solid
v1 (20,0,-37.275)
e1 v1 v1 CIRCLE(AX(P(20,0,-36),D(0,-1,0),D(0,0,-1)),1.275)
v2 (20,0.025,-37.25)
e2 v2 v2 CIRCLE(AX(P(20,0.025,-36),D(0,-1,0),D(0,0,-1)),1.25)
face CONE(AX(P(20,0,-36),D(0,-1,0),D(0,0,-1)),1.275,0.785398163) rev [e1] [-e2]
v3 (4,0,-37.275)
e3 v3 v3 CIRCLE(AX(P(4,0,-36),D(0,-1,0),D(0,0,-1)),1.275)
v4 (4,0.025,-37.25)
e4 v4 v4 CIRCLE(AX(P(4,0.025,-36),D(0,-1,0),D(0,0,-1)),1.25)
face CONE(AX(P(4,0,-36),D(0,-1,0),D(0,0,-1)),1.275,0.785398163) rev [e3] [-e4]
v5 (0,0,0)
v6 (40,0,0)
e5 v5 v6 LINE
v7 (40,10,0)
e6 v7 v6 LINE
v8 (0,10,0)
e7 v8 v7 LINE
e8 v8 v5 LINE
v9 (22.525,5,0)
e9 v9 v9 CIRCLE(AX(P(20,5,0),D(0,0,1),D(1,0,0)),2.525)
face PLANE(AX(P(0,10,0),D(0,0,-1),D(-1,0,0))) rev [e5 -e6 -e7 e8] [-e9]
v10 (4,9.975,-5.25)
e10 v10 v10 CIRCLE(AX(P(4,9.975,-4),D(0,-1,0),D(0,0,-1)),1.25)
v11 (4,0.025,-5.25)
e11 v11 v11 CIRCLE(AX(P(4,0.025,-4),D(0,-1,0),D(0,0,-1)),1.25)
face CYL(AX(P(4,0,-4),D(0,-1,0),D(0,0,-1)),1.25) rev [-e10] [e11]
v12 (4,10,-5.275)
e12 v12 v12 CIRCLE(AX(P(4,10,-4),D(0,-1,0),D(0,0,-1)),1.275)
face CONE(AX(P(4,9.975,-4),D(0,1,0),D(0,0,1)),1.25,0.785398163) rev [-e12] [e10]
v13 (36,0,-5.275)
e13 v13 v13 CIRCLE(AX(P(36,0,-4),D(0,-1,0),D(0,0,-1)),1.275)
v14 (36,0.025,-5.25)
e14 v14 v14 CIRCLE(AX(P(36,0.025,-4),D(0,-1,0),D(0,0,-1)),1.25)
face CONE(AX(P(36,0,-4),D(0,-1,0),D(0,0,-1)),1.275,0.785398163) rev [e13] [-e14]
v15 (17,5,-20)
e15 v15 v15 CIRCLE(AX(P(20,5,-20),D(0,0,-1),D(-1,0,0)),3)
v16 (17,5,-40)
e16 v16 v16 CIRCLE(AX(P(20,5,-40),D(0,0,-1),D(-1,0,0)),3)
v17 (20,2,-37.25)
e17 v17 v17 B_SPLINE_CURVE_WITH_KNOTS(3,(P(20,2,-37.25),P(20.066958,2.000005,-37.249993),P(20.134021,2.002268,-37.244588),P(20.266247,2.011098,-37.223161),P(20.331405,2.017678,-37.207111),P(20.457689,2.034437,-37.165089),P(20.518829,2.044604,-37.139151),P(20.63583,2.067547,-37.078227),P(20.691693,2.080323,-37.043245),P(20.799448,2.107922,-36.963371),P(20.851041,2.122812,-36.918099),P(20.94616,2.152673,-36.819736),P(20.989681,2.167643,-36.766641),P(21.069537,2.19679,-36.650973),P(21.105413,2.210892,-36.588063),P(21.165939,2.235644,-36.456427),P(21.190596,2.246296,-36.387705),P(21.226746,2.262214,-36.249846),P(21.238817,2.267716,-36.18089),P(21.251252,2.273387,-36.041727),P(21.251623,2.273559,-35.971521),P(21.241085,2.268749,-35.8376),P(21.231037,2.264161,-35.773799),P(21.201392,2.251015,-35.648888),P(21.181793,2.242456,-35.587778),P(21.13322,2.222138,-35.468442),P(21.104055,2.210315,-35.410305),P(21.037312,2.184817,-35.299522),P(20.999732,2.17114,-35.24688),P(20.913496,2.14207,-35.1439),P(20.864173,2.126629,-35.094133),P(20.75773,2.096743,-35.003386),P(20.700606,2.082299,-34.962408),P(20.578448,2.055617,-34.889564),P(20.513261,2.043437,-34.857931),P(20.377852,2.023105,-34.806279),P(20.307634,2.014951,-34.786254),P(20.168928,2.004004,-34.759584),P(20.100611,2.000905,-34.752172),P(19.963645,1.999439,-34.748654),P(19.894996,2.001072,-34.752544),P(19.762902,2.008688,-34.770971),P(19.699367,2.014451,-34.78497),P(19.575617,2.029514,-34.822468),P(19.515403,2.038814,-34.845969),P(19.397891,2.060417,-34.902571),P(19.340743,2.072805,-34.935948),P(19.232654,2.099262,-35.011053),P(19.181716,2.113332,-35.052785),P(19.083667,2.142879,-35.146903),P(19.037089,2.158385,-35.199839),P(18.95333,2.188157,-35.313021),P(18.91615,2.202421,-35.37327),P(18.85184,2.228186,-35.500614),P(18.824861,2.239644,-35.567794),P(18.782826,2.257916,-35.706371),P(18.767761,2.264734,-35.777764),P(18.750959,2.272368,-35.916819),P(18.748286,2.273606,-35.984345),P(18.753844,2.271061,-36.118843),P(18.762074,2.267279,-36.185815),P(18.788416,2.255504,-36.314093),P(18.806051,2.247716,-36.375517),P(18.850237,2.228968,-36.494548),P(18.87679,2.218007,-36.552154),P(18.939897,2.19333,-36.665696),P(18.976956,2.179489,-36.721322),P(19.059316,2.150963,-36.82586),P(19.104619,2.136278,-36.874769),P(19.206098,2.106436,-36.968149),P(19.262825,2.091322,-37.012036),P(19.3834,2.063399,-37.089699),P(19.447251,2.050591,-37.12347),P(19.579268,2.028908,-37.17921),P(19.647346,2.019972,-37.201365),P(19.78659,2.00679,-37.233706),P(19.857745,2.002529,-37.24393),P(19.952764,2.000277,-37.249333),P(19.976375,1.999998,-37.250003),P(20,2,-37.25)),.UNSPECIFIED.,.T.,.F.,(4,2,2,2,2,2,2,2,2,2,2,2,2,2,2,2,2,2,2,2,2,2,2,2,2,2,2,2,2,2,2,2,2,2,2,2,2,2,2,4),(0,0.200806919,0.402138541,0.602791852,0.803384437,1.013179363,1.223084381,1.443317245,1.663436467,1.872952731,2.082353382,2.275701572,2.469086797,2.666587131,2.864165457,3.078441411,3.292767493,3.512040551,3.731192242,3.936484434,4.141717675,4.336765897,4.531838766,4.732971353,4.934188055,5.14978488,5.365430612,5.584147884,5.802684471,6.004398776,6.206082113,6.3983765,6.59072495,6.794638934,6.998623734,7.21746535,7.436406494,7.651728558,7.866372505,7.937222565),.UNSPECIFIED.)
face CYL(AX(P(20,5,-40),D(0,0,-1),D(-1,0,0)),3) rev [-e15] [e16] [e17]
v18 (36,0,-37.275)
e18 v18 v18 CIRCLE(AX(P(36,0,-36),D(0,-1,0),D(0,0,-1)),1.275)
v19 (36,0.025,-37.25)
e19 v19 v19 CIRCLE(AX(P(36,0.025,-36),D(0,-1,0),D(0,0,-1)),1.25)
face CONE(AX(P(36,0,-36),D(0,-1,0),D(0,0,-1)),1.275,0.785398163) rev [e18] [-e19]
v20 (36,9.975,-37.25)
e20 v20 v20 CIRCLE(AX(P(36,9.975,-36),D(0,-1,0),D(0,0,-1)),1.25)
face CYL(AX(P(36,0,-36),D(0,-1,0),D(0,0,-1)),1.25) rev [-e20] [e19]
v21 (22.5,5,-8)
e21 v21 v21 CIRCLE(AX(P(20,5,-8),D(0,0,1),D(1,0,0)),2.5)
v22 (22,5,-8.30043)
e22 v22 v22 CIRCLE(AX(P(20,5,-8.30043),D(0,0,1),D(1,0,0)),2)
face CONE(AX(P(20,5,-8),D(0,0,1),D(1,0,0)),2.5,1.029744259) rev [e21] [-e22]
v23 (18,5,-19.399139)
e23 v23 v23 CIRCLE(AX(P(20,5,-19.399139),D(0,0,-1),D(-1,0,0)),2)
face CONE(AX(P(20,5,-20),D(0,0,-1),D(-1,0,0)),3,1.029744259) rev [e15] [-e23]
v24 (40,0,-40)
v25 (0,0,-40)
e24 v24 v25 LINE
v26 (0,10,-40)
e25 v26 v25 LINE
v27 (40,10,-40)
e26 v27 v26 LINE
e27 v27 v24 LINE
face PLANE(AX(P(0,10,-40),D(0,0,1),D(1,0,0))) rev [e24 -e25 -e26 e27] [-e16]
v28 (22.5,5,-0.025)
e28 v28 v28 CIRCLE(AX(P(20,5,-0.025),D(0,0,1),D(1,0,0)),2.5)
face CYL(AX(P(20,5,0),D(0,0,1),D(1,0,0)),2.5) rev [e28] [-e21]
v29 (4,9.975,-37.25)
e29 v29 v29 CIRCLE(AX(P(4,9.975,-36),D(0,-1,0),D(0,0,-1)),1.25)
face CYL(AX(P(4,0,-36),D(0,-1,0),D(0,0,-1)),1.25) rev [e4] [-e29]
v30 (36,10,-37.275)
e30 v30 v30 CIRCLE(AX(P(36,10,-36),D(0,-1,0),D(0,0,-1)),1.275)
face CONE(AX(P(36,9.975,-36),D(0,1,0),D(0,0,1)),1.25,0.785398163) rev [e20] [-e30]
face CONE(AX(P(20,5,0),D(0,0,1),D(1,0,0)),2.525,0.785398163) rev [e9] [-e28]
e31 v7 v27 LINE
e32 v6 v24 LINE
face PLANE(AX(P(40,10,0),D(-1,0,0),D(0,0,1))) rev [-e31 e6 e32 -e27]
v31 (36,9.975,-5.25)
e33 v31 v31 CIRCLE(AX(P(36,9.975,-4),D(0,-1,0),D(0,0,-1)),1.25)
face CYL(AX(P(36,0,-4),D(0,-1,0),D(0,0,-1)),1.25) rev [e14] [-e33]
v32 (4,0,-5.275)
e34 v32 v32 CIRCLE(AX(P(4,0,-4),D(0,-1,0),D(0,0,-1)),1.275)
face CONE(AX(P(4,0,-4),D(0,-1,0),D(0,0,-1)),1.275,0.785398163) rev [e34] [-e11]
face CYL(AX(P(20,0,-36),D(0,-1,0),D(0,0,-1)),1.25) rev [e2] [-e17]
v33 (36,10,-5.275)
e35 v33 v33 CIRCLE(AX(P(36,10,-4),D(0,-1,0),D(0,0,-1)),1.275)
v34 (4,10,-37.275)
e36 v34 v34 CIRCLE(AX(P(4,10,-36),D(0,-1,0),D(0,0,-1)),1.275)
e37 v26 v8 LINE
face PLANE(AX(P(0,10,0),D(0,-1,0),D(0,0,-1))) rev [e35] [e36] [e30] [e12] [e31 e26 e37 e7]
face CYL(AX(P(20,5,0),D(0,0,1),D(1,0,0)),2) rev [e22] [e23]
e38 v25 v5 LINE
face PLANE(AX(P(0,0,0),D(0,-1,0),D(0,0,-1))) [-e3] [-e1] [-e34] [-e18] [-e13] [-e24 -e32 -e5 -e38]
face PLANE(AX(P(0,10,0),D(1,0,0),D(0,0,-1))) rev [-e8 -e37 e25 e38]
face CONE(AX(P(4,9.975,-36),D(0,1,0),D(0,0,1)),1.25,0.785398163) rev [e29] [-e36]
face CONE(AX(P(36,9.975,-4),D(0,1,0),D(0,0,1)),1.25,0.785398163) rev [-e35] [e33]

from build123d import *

# Parameters (mm, degrees)
ESQUISSE1_W                                         = 40
ESQUISSE1_H                                         = 40
BOSS_EXTRU_1_DEPTH                                  = 10
DIAM_TRE_DU_PER_AGE_4_0_4_1_D                       = 4
TROU_POUR_TARAUDAGE_POUR_TROU_TARAUD_M6_D           = 5
TROU_POUR_TARAUDAGE_POUR_TROU_TARAUD_M6_DEPTH       = 8
TROU_POUR_TARAUDAGE_POUR_TROU_TARAUD_M6_CSINK_D     = 5.05
TROU_POUR_TARAUDAGE_POUR_TROU_TARAUD_M6_CSINK_ANGLE = 90
TROU_POUR_TARAUDAGE_POUR_TROU_TARAUD_M6_TIP         = 1.502151548
DIAM_TRE_DU_PER_AGE_6_0_6_1_D                       = 6
DIAM_TRE_DU_PER_AGE_6_0_6_1_DEPTH                   = 20
DIAM_TRE_DU_PER_AGE_6_0_6_1_TIP                     = 1.802581857
TROU_POUR_TARAUDAGE_POUR_TROU_TARAUD_2_COUNT        = 2
TROU_POUR_TARAUDAGE_POUR_TROU_TARAUD_2_PITCH        = 32
TROU_POUR_TARAUDAGE_POUR_TROU_TARAUD_3_COUNT        = 2
TROU_POUR_TARAUDAGE_POUR_TROU_TARAUD_3_PITCH        = 45.254833996
TROU_POUR_TARAUDAGE_POUR_TROU_TARAUD_4_COUNT        = 2
TROU_POUR_TARAUDAGE_POUR_TROU_TARAUD_4_PITCH        = 32
TROU_POUR_TARAUDAGE_POUR_TROU_TARAUD_5_D            = 2.5
TROU_POUR_TARAUDAGE_POUR_TROU_TARAUD_5_DEPTH        = 5
TROU_POUR_TARAUDAGE_POUR_TROU_TARAUD_5_CSINK_D      = 2.55
TROU_POUR_TARAUDAGE_POUR_TROU_TARAUD_5_CSINK_ANGLE  = 90
TROU_POUR_TARAUDAGE_POUR_TROU_TARAUD_5_TIP          = 0.751075774


with BuildPart() as part:
    # Esquisse1 → Boss.-Extru.1 (new body)
    with BuildSketch(Plane(origin=(0, 0, 0), x_dir=(1, 0, 0), z_dir=(0, 1, 0))):
        with Locations((20, 20)):
            Rectangle(ESQUISSE1_W, ESQUISSE1_H)
    extrude(amount=BOSS_EXTRU_1_DEPTH)

    # Diamètre du perçage Ø4.0 (4)1 (through all)
    with Locations(Plane.XY):
        with Locations((20, 5)):
            Hole(DIAM_TRE_DU_PER_AGE_4_0_4_1_D / 2)

    # Trou pour taraudage pour trou taraudé M61
    with Locations(Plane.XY):
        with Locations((20, 5)):
            CounterSinkHole(TROU_POUR_TARAUDAGE_POUR_TROU_TARAUD_M6_D / 2, TROU_POUR_TARAUDAGE_POUR_TROU_TARAUD_M6_CSINK_D / 2, depth=TROU_POUR_TARAUDAGE_POUR_TROU_TARAUD_M6_DEPTH, counter_sink_angle=TROU_POUR_TARAUDAGE_POUR_TROU_TARAUD_M6_CSINK_ANGLE)
            with Locations((0, 0, -(TROU_POUR_TARAUDAGE_POUR_TROU_TARAUD_M6_DEPTH + TROU_POUR_TARAUDAGE_POUR_TROU_TARAUD_M6_TIP / 2))):  # 118° drill point
                Cone(0, TROU_POUR_TARAUDAGE_POUR_TROU_TARAUD_M6_D / 2, TROU_POUR_TARAUDAGE_POUR_TROU_TARAUD_M6_TIP, mode=Mode.SUBTRACT)

    # Diamètre du perçage Ø6.0 (6)1
    with Locations(Plane(origin=(0, 0, -40), x_dir=(-1, 0, 0), z_dir=(0, 0, -1))):
        with Locations((-20, 5)):
            Hole(DIAM_TRE_DU_PER_AGE_6_0_6_1_D / 2, depth=DIAM_TRE_DU_PER_AGE_6_0_6_1_DEPTH)
            with Locations((0, 0, -(DIAM_TRE_DU_PER_AGE_6_0_6_1_DEPTH + DIAM_TRE_DU_PER_AGE_6_0_6_1_TIP / 2))):  # 118° drill point
                Cone(0, DIAM_TRE_DU_PER_AGE_6_0_6_1_D / 2, DIAM_TRE_DU_PER_AGE_6_0_6_1_TIP, mode=Mode.SUBTRACT)

    # Esquisse17 → Trou pour taraudage pour trou taraud_ M3 (revolve, cut)
    with BuildSketch(Plane(origin=(4, 0, -4), x_dir=(0, 0, -1), z_dir=(1, 0, 0))):
        Polygon((0, 0), (0, 10), (1.275, 10), (1.25, 9.975), (1.25, 0.025), (1.275, 0), align=None)
    trou_pour_taraudage_pour_trou_taraud_m3 = revolve(axis=Axis((4, -6.35, -4), (0, 1, 0)), mode=Mode.SUBTRACT)

    # Trou pour taraudage pour trou taraud 2: Trou pour taraudage pour trou taraud_ M3 ×2
    with Locations(*[(i * TROU_POUR_TARAUDAGE_POUR_TROU_TARAUD_2_PITCH, 0, 0) for i in range(1, TROU_POUR_TARAUDAGE_POUR_TROU_TARAUD_2_COUNT)]):
        add(trou_pour_taraudage_pour_trou_taraud_m3, mode=Mode.SUBTRACT)

    # Trou pour taraudage pour trou taraud 3: Trou pour taraudage pour trou taraud_ M3 ×2
    with Locations(*[Vector(0.7071067811865475, 0, -0.7071067811865476) * (i * TROU_POUR_TARAUDAGE_POUR_TROU_TARAUD_3_PITCH) for i in range(1, TROU_POUR_TARAUDAGE_POUR_TROU_TARAUD_3_COUNT)]):
        add(trou_pour_taraudage_pour_trou_taraud_m3, mode=Mode.SUBTRACT)

    # Trou pour taraudage pour trou taraud 4: Trou pour taraudage pour trou taraud_ M3 ×2
    with Locations(*[(0, 0, -i * TROU_POUR_TARAUDAGE_POUR_TROU_TARAUD_4_PITCH) for i in range(1, TROU_POUR_TARAUDAGE_POUR_TROU_TARAUD_4_COUNT)]):
        add(trou_pour_taraudage_pour_trou_taraud_m3, mode=Mode.SUBTRACT)

    # Trou pour taraudage pour trou taraud 5
    with Locations(Plane(origin=(0, 0, 0), x_dir=(-1, 0, 0), z_dir=(0, -1, 0))):
        with Locations((-20, 36)):
            CounterSinkHole(TROU_POUR_TARAUDAGE_POUR_TROU_TARAUD_5_D / 2, TROU_POUR_TARAUDAGE_POUR_TROU_TARAUD_5_CSINK_D / 2, depth=TROU_POUR_TARAUDAGE_POUR_TROU_TARAUD_5_DEPTH, counter_sink_angle=TROU_POUR_TARAUDAGE_POUR_TROU_TARAUD_5_CSINK_ANGLE)
            with Locations((0, 0, -(TROU_POUR_TARAUDAGE_POUR_TROU_TARAUD_5_DEPTH + TROU_POUR_TARAUDAGE_POUR_TROU_TARAUD_5_TIP / 2))):  # 118° drill point
                Cone(0, TROU_POUR_TARAUDAGE_POUR_TROU_TARAUD_5_D / 2, TROU_POUR_TARAUDAGE_POUR_TROU_TARAUD_5_TIP, mode=Mode.SUBTRACT)


solid = part.part
